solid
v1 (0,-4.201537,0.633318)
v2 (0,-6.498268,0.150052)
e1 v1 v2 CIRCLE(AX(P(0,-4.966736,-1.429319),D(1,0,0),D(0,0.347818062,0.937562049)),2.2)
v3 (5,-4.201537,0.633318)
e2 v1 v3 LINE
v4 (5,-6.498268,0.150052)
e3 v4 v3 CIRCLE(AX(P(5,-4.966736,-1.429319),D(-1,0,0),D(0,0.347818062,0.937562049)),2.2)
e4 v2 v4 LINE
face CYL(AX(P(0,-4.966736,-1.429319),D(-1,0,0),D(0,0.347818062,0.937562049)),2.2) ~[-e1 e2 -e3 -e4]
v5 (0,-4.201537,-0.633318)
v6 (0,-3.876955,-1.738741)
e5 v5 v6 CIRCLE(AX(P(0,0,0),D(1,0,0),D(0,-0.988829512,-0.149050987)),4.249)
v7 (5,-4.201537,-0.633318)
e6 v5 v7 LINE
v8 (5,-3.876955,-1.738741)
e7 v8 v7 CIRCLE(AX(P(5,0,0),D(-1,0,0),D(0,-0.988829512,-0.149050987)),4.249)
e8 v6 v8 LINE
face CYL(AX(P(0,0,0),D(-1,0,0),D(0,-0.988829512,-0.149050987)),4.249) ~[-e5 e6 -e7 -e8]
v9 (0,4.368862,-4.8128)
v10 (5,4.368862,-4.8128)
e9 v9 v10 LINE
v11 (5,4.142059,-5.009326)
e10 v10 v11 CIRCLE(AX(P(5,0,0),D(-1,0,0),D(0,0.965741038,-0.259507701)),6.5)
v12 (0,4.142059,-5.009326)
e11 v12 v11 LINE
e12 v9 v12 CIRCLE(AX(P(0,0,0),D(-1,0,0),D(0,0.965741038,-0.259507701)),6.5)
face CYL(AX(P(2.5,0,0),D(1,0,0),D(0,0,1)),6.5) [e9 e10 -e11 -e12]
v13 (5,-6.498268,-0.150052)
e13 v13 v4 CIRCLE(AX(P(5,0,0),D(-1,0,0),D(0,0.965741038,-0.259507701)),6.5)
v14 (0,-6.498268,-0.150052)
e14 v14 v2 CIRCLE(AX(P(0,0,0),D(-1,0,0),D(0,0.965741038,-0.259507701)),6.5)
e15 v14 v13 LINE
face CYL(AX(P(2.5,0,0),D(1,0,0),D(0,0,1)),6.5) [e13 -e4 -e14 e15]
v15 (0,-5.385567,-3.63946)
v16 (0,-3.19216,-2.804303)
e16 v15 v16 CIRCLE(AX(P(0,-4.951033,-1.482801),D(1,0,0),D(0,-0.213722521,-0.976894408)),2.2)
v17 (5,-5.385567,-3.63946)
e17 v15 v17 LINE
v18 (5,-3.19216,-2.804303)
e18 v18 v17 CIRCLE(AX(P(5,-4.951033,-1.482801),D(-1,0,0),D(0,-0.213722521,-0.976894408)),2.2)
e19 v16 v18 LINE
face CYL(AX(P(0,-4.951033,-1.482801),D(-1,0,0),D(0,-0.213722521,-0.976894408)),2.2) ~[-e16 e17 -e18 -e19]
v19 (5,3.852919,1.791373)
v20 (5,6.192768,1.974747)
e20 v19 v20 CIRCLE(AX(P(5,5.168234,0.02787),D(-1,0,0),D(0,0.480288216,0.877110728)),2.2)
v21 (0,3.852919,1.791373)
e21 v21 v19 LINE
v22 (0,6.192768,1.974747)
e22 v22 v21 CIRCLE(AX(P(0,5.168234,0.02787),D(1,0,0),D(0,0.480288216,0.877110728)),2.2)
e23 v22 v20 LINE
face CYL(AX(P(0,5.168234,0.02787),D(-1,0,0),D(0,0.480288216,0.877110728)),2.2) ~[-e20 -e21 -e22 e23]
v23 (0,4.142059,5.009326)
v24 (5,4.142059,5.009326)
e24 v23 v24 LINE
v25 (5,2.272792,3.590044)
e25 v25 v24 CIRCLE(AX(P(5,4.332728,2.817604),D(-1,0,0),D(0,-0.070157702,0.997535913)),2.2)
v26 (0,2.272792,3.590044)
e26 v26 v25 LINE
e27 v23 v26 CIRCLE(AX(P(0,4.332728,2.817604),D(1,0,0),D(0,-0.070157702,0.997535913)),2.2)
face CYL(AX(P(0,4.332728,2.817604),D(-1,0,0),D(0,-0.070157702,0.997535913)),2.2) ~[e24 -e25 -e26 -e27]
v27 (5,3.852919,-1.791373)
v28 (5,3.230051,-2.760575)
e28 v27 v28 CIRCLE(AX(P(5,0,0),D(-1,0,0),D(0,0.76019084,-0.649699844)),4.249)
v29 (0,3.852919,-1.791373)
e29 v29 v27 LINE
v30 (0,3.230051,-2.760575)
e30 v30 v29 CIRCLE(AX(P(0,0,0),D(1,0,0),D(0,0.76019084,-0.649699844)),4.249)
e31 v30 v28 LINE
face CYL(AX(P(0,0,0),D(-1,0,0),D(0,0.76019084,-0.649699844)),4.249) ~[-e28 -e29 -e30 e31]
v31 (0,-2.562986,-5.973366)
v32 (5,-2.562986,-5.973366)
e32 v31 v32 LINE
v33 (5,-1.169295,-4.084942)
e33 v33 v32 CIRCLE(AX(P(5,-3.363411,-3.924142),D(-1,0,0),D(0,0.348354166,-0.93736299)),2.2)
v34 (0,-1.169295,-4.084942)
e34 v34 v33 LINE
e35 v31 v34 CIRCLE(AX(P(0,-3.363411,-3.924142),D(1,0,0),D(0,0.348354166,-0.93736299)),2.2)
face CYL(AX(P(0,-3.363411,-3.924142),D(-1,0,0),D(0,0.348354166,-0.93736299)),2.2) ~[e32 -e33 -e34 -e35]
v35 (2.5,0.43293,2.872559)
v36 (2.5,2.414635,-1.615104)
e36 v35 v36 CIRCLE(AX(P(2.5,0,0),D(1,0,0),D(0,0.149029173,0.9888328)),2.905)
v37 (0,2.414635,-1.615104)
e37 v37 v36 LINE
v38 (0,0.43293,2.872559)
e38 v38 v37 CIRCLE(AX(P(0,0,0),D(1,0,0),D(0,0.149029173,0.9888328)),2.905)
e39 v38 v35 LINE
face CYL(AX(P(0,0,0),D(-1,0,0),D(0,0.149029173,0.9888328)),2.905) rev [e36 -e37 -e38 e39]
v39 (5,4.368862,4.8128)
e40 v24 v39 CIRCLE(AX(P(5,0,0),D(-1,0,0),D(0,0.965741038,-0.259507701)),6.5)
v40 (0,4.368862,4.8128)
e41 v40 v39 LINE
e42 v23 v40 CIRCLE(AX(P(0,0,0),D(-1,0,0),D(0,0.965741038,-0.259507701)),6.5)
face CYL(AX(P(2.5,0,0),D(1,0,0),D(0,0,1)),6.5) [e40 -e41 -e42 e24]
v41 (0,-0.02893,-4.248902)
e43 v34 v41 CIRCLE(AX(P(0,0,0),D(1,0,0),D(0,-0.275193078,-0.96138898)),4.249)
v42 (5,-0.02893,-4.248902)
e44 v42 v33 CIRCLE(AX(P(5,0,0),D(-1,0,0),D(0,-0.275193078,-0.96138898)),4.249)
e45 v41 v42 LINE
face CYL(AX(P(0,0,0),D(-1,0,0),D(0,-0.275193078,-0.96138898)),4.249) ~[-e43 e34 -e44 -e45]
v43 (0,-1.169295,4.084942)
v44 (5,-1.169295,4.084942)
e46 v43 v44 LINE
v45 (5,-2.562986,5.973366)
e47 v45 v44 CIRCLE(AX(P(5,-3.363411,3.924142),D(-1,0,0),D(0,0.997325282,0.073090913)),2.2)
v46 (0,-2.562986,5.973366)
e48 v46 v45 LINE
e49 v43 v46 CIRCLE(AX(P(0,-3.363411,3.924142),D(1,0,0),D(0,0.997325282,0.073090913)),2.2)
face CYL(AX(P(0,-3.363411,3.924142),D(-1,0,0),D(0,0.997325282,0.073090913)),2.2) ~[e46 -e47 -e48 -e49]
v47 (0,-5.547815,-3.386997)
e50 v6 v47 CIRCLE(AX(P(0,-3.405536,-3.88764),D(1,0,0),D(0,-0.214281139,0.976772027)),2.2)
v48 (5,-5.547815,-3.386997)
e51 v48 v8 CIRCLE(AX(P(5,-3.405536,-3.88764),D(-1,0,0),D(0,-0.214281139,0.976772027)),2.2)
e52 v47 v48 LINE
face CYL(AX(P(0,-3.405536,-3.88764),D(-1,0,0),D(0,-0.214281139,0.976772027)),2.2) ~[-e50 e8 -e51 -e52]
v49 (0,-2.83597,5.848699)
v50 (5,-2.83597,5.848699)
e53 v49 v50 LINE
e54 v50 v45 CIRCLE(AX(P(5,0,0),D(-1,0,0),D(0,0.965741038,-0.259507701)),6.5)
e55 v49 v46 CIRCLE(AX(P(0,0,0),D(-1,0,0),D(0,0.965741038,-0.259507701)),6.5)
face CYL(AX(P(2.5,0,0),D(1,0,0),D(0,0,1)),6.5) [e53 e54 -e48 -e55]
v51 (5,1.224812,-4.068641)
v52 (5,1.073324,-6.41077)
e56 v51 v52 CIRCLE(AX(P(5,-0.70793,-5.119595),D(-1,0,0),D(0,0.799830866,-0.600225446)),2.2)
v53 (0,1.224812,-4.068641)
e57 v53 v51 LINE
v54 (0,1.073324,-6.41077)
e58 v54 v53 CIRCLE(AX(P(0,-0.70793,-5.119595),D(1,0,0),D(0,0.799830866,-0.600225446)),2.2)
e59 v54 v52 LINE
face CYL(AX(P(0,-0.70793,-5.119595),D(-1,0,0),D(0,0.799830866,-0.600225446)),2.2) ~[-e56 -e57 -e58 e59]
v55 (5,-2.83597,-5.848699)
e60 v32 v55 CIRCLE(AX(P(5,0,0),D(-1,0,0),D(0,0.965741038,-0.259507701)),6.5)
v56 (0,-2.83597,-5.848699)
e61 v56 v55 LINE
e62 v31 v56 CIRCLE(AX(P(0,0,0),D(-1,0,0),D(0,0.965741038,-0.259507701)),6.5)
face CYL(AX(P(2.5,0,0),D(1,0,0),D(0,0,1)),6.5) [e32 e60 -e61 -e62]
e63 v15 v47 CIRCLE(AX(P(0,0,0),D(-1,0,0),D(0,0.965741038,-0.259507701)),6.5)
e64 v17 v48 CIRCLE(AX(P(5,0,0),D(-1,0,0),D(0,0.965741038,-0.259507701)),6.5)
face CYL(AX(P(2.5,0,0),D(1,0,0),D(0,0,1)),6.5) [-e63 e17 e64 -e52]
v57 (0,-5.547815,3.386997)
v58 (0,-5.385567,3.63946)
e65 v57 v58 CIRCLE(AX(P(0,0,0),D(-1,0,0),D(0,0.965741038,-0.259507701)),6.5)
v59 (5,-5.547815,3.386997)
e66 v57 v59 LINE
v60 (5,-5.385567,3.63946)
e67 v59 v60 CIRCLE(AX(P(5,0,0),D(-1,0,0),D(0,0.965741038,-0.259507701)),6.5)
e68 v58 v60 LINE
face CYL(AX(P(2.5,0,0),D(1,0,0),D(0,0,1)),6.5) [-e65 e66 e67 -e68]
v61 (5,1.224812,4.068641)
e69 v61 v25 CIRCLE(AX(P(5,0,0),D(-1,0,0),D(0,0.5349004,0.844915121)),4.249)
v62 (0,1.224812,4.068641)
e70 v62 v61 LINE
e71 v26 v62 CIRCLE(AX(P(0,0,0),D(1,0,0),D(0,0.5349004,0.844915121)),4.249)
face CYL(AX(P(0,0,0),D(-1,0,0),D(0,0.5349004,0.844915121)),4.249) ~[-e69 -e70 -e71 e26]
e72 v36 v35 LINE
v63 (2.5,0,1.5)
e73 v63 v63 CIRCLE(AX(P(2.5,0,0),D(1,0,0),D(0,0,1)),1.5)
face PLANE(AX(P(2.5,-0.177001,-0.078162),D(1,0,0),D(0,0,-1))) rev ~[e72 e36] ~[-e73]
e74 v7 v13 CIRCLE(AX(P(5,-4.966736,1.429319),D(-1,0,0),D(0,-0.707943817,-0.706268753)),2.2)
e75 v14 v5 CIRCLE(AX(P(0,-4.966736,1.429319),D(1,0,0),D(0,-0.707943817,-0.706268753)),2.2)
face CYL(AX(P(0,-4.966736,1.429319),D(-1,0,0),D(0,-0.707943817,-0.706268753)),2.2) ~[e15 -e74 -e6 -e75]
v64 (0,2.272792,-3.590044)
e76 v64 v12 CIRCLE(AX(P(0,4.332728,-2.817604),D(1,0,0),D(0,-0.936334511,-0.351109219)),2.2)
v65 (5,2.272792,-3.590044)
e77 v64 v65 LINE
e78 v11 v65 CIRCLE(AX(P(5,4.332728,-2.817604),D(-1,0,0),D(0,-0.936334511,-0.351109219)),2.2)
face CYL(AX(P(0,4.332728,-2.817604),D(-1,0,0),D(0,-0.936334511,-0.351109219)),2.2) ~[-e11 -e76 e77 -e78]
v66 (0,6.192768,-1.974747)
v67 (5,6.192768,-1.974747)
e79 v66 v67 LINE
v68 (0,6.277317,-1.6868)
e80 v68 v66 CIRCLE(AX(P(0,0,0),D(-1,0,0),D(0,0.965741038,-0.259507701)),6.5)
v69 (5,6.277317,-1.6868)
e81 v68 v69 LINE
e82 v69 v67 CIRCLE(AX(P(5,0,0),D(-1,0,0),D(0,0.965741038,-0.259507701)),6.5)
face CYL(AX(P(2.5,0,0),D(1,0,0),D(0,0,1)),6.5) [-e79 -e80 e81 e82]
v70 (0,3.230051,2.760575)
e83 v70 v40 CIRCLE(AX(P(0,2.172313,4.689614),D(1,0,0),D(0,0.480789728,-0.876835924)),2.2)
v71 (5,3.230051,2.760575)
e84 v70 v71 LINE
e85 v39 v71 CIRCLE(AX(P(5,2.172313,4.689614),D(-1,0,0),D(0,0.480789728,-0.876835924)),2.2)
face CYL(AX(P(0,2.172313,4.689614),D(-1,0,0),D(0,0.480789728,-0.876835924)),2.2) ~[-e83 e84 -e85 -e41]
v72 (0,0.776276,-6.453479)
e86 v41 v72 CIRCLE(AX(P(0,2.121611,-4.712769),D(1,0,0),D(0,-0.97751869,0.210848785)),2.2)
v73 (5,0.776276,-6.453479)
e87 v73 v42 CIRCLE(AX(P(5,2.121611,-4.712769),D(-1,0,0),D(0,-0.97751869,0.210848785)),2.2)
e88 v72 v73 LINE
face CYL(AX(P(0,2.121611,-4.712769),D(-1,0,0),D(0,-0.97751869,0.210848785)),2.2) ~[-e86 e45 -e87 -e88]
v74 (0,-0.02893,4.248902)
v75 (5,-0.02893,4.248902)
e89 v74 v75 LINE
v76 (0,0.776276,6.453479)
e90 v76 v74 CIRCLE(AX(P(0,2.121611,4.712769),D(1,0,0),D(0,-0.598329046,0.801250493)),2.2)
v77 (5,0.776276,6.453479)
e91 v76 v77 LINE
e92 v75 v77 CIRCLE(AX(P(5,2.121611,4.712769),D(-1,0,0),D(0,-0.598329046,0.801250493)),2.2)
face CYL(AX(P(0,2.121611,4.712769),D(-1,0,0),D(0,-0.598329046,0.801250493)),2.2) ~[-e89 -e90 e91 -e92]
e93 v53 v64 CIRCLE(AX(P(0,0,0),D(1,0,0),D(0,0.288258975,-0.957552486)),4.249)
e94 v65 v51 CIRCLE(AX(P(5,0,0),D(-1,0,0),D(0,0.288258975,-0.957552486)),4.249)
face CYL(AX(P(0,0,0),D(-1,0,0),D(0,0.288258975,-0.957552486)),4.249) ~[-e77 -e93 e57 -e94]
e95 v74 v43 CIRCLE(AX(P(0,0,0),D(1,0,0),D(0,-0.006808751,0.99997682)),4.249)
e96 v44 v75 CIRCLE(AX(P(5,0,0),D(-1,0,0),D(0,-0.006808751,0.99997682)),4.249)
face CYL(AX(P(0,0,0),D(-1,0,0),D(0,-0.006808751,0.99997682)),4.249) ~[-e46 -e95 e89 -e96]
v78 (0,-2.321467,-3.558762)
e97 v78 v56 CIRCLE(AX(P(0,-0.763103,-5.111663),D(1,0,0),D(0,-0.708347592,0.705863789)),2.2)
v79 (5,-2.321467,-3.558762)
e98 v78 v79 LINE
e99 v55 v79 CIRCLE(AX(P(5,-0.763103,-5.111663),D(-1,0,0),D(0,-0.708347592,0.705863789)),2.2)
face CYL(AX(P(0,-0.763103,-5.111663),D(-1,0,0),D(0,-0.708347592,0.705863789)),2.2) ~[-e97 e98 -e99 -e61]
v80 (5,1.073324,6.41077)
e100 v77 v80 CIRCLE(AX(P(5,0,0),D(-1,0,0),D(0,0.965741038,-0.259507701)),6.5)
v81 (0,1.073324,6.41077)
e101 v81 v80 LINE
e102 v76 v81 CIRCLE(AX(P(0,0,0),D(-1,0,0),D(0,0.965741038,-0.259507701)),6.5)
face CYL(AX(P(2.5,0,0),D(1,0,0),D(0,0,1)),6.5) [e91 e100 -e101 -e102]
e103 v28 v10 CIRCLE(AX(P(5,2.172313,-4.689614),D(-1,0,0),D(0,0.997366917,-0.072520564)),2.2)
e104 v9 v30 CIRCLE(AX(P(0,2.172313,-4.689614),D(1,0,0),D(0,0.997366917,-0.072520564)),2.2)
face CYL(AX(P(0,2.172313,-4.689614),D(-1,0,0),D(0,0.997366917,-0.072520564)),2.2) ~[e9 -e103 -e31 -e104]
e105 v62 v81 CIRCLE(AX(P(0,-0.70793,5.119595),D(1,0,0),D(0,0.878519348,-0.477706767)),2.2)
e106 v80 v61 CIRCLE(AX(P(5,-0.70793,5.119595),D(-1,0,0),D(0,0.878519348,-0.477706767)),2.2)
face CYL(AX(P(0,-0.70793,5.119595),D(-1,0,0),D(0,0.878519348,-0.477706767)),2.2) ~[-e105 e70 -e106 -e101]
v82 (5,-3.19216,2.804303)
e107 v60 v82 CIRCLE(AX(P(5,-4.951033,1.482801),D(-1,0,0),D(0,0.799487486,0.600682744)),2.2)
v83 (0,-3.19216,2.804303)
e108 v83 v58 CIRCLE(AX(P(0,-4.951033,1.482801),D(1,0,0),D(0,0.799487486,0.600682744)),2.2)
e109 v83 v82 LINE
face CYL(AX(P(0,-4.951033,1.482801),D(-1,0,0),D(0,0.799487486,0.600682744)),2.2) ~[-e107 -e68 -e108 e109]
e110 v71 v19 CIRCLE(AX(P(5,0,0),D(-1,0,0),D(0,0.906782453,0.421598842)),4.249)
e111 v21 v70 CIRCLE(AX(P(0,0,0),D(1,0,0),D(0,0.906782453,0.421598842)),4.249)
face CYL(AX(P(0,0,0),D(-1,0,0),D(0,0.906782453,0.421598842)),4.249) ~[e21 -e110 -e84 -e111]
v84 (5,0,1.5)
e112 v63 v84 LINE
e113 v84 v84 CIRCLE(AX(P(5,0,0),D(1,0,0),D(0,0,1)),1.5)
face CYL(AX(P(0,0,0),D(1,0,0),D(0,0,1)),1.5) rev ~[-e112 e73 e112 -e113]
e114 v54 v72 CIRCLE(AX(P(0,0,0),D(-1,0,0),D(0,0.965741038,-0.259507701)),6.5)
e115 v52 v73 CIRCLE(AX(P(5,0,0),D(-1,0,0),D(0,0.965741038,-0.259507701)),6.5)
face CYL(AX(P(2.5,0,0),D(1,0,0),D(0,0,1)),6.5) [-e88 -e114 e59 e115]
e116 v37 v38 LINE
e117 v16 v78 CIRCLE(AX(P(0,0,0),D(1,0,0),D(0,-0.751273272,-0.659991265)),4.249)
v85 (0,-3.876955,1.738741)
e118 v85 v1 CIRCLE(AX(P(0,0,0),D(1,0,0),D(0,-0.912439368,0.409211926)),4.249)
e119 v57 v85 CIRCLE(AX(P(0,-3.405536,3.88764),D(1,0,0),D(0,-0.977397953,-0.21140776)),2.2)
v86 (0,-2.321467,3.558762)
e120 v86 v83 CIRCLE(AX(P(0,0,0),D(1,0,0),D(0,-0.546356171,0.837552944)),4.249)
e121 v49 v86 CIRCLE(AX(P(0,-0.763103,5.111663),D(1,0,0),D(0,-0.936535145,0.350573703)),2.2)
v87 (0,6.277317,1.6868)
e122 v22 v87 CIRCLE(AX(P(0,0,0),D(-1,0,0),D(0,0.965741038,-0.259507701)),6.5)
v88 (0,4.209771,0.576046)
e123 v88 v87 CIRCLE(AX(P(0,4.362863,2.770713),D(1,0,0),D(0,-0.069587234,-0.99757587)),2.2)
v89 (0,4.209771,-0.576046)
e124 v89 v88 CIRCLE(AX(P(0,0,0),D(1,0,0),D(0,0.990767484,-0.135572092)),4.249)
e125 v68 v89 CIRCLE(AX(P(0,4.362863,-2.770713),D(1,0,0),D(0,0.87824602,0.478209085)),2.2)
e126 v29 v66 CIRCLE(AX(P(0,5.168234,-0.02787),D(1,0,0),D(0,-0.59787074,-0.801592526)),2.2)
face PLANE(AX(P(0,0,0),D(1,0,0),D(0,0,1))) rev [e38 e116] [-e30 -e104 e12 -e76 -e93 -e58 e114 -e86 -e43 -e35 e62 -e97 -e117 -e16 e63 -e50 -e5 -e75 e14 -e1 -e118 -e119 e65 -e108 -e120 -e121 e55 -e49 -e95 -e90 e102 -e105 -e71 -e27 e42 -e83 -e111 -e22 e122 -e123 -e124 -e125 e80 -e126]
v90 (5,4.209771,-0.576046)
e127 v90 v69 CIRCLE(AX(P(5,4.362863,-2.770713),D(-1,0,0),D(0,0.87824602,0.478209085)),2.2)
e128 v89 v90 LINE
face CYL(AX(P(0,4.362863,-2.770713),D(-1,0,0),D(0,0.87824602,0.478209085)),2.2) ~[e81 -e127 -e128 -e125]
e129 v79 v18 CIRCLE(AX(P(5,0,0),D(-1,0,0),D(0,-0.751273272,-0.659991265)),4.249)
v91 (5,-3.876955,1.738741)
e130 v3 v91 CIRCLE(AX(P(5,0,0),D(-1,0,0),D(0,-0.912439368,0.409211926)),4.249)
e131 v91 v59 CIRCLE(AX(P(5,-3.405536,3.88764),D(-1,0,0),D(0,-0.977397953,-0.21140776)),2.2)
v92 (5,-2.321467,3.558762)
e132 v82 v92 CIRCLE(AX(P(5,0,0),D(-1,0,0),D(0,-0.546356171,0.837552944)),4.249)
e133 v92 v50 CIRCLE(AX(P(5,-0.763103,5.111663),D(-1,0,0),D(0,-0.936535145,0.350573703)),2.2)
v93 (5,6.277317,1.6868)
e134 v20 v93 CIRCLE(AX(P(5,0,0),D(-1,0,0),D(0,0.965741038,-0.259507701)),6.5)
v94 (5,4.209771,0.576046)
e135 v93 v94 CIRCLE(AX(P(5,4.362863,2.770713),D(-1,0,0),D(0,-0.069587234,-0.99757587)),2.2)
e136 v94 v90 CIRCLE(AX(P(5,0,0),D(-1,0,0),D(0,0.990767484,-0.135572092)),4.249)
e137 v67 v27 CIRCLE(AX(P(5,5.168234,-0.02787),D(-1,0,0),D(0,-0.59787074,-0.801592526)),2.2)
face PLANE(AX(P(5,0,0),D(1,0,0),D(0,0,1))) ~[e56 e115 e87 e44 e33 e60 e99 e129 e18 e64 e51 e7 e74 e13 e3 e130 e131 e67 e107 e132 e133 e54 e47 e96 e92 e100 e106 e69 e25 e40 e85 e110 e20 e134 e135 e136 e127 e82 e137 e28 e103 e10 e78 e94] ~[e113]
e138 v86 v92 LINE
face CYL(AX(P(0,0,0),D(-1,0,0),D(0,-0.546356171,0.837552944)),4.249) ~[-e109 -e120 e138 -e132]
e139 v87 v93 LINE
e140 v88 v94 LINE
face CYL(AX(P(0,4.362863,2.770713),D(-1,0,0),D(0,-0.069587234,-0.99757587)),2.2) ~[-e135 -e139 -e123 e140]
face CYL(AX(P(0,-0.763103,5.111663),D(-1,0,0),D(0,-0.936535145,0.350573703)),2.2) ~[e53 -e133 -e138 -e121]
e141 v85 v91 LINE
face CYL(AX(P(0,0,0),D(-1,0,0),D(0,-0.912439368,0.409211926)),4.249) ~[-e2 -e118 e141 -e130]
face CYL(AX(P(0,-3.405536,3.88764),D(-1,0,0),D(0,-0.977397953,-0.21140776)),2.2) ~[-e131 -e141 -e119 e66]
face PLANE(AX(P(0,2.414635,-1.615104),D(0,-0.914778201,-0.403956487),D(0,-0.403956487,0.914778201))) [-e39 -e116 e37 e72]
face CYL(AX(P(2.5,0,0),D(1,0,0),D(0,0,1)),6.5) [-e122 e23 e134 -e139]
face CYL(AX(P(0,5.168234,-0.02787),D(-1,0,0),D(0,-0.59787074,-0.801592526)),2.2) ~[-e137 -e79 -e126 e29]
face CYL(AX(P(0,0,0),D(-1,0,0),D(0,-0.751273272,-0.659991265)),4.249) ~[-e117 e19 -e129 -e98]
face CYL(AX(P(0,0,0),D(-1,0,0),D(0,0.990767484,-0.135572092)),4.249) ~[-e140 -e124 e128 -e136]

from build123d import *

# Parameters (mm, degrees)
BASPROSKE_W             = 5
BASPROSKE_H             = 6.5
TOOTHCUT_DEPTH          = 11.464224768
TEETHCUTS_COUNT         = 11
TEETHCUTS_ANGLE         = 327.272727273
BORSKE_R                = 1.5
BORE_DEPTH              = 50.0000508
ESQUISSE1_R             = 2.75
ENL_V_MAT_EXTRU_1_DEPTH = 3
ESQUISSE2_R             = 2.75
ESQUISSE2_R_2           = 1.5
BOSS_EXTRU_1_DEPTH      = 3
ENL_V_MAT_EXTRU_2_DEPTH = 2
BOSS_EXTRU_2_START      = -2
ESQUISSE4_R             = 3.301127001
ESQUISSE4_R_2           = 1.5
BOSS_EXTRU_2_DEPTH      = 2
ENL_V_MAT_EXTRU_3_DEPTH = 2.5


with BuildPart() as part:
    # BasProSke → Base-Revolve (revolve)
    with BuildSketch(Plane(origin=(0, 0, 0), x_dir=(1, 0, 0), z_dir=(0, 1, 0)), mode=Mode.PRIVATE) as base_revolve_sk:
        with Locations((2.5, 3.25)):
            Rectangle(BASPROSKE_W, BASPROSKE_H)
    revolve(base_revolve_sk.sketch.rotate(Axis((-10, 0, 0), (1, 0, 0)), 180), axis=Axis((-10, 0, 0), (1, 0, 0)))

    # TooCutSke → ToothCut (cut, through all)
    with BuildSketch(Plane(origin=(0, 0, 0), x_dir=(0, 0, -1), z_dir=(1, 0, 0))):
        with BuildLine():
            ThreePointArc((0.576045815, 4.209771041), (0, 4.249), (-0.576045815, 4.209771041))
            ThreePointArc((-0.576045815, 4.209771041), (-0.841371334, 5.420048739), (-1.718652745, 6.295004202))
            ThreePointArc((-1.718652745, 6.295004202), (0, 6.5254), (1.718652745, 6.295004202))
            ThreePointArc((1.718652745, 6.295004202), (0.841371334, 5.420048739), (0.576045815, 4.209771041))
        make_face()
    toothcut = extrude(amount=TOOTHCUT_DEPTH, mode=Mode.SUBTRACT)

    # TeethCuts: ToothCut ×11 about axis
    teethcuts_axis = Axis((-10, 0, 0), (1, 0, 0))
    for i in range(1, TEETHCUTS_COUNT):
        add(toothcut.rotate(teethcuts_axis, i * TEETHCUTS_ANGLE / (TEETHCUTS_COUNT - 1)), mode=Mode.SUBTRACT)

    # BorSke → Bore (cut, symmetric)
    with BuildSketch(Plane(origin=(0, 0, 0), x_dir=(0, 0, -1), z_dir=(1, 0, 0))):
        with Locations(Location((0, 0, 0), (0, 0, 180))):
            Circle(BORSKE_R)
    extrude(amount=BORE_DEPTH, both=True, mode=Mode.SUBTRACT)

    # Esquisse1 → Enlèv. mat.-Extru.1 (cut)
    with BuildSketch(Plane.ZY):
        Circle(ESQUISSE1_R)
    extrude(amount=-ENL_V_MAT_EXTRU_1_DEPTH, mode=Mode.SUBTRACT)

    # Esquisse2 → Boss.-Extru.1 (add)
    with BuildSketch(Plane.ZY.offset(-3)):
        Circle(ESQUISSE2_R)
        Circle(ESQUISSE2_R_2, mode=Mode.SUBTRACT)
    extrude(amount=BOSS_EXTRU_1_DEPTH)

    # Esquisse3 → Enlèv. mat.-Extru.2 (cut)
    with BuildSketch(Plane.ZY):
        Polygon((2.381429268, -2.186807713), (3.084545667, 0.968974387), (0.703116398, 3.1557821), (-2.381429268, 2.186807713), (-3.084545667, -0.968974387), (-0.703116398, -3.1557821), align=None)
    extrude(amount=-ENL_V_MAT_EXTRU_2_DEPTH, mode=Mode.SUBTRACT)

    # Esquisse4 → Boss.-Extru.2 (add)
    with BuildSketch(Plane.ZY.offset(BOSS_EXTRU_2_START)):
        Circle(ESQUISSE4_R)
        Circle(ESQUISSE4_R_2, mode=Mode.SUBTRACT)
    extrude(amount=BOSS_EXTRU_2_DEPTH)

    # Esquisse5 → Enlèv. mat.-Extru.3 (cut)
    with BuildSketch(Plane.ZY):
        with BuildLine():
            Line((-1.61510442, 2.41463511), (2.872559283, 0.432929749))
            ThreePointArc((2.872559283, 0.432929749), (-1.173493595, -2.657430673), (-1.61510442, 2.41463511))
        make_face()
    extrude(amount=-ENL_V_MAT_EXTRU_3_DEPTH, mode=Mode.SUBTRACT)


solid = part.part
